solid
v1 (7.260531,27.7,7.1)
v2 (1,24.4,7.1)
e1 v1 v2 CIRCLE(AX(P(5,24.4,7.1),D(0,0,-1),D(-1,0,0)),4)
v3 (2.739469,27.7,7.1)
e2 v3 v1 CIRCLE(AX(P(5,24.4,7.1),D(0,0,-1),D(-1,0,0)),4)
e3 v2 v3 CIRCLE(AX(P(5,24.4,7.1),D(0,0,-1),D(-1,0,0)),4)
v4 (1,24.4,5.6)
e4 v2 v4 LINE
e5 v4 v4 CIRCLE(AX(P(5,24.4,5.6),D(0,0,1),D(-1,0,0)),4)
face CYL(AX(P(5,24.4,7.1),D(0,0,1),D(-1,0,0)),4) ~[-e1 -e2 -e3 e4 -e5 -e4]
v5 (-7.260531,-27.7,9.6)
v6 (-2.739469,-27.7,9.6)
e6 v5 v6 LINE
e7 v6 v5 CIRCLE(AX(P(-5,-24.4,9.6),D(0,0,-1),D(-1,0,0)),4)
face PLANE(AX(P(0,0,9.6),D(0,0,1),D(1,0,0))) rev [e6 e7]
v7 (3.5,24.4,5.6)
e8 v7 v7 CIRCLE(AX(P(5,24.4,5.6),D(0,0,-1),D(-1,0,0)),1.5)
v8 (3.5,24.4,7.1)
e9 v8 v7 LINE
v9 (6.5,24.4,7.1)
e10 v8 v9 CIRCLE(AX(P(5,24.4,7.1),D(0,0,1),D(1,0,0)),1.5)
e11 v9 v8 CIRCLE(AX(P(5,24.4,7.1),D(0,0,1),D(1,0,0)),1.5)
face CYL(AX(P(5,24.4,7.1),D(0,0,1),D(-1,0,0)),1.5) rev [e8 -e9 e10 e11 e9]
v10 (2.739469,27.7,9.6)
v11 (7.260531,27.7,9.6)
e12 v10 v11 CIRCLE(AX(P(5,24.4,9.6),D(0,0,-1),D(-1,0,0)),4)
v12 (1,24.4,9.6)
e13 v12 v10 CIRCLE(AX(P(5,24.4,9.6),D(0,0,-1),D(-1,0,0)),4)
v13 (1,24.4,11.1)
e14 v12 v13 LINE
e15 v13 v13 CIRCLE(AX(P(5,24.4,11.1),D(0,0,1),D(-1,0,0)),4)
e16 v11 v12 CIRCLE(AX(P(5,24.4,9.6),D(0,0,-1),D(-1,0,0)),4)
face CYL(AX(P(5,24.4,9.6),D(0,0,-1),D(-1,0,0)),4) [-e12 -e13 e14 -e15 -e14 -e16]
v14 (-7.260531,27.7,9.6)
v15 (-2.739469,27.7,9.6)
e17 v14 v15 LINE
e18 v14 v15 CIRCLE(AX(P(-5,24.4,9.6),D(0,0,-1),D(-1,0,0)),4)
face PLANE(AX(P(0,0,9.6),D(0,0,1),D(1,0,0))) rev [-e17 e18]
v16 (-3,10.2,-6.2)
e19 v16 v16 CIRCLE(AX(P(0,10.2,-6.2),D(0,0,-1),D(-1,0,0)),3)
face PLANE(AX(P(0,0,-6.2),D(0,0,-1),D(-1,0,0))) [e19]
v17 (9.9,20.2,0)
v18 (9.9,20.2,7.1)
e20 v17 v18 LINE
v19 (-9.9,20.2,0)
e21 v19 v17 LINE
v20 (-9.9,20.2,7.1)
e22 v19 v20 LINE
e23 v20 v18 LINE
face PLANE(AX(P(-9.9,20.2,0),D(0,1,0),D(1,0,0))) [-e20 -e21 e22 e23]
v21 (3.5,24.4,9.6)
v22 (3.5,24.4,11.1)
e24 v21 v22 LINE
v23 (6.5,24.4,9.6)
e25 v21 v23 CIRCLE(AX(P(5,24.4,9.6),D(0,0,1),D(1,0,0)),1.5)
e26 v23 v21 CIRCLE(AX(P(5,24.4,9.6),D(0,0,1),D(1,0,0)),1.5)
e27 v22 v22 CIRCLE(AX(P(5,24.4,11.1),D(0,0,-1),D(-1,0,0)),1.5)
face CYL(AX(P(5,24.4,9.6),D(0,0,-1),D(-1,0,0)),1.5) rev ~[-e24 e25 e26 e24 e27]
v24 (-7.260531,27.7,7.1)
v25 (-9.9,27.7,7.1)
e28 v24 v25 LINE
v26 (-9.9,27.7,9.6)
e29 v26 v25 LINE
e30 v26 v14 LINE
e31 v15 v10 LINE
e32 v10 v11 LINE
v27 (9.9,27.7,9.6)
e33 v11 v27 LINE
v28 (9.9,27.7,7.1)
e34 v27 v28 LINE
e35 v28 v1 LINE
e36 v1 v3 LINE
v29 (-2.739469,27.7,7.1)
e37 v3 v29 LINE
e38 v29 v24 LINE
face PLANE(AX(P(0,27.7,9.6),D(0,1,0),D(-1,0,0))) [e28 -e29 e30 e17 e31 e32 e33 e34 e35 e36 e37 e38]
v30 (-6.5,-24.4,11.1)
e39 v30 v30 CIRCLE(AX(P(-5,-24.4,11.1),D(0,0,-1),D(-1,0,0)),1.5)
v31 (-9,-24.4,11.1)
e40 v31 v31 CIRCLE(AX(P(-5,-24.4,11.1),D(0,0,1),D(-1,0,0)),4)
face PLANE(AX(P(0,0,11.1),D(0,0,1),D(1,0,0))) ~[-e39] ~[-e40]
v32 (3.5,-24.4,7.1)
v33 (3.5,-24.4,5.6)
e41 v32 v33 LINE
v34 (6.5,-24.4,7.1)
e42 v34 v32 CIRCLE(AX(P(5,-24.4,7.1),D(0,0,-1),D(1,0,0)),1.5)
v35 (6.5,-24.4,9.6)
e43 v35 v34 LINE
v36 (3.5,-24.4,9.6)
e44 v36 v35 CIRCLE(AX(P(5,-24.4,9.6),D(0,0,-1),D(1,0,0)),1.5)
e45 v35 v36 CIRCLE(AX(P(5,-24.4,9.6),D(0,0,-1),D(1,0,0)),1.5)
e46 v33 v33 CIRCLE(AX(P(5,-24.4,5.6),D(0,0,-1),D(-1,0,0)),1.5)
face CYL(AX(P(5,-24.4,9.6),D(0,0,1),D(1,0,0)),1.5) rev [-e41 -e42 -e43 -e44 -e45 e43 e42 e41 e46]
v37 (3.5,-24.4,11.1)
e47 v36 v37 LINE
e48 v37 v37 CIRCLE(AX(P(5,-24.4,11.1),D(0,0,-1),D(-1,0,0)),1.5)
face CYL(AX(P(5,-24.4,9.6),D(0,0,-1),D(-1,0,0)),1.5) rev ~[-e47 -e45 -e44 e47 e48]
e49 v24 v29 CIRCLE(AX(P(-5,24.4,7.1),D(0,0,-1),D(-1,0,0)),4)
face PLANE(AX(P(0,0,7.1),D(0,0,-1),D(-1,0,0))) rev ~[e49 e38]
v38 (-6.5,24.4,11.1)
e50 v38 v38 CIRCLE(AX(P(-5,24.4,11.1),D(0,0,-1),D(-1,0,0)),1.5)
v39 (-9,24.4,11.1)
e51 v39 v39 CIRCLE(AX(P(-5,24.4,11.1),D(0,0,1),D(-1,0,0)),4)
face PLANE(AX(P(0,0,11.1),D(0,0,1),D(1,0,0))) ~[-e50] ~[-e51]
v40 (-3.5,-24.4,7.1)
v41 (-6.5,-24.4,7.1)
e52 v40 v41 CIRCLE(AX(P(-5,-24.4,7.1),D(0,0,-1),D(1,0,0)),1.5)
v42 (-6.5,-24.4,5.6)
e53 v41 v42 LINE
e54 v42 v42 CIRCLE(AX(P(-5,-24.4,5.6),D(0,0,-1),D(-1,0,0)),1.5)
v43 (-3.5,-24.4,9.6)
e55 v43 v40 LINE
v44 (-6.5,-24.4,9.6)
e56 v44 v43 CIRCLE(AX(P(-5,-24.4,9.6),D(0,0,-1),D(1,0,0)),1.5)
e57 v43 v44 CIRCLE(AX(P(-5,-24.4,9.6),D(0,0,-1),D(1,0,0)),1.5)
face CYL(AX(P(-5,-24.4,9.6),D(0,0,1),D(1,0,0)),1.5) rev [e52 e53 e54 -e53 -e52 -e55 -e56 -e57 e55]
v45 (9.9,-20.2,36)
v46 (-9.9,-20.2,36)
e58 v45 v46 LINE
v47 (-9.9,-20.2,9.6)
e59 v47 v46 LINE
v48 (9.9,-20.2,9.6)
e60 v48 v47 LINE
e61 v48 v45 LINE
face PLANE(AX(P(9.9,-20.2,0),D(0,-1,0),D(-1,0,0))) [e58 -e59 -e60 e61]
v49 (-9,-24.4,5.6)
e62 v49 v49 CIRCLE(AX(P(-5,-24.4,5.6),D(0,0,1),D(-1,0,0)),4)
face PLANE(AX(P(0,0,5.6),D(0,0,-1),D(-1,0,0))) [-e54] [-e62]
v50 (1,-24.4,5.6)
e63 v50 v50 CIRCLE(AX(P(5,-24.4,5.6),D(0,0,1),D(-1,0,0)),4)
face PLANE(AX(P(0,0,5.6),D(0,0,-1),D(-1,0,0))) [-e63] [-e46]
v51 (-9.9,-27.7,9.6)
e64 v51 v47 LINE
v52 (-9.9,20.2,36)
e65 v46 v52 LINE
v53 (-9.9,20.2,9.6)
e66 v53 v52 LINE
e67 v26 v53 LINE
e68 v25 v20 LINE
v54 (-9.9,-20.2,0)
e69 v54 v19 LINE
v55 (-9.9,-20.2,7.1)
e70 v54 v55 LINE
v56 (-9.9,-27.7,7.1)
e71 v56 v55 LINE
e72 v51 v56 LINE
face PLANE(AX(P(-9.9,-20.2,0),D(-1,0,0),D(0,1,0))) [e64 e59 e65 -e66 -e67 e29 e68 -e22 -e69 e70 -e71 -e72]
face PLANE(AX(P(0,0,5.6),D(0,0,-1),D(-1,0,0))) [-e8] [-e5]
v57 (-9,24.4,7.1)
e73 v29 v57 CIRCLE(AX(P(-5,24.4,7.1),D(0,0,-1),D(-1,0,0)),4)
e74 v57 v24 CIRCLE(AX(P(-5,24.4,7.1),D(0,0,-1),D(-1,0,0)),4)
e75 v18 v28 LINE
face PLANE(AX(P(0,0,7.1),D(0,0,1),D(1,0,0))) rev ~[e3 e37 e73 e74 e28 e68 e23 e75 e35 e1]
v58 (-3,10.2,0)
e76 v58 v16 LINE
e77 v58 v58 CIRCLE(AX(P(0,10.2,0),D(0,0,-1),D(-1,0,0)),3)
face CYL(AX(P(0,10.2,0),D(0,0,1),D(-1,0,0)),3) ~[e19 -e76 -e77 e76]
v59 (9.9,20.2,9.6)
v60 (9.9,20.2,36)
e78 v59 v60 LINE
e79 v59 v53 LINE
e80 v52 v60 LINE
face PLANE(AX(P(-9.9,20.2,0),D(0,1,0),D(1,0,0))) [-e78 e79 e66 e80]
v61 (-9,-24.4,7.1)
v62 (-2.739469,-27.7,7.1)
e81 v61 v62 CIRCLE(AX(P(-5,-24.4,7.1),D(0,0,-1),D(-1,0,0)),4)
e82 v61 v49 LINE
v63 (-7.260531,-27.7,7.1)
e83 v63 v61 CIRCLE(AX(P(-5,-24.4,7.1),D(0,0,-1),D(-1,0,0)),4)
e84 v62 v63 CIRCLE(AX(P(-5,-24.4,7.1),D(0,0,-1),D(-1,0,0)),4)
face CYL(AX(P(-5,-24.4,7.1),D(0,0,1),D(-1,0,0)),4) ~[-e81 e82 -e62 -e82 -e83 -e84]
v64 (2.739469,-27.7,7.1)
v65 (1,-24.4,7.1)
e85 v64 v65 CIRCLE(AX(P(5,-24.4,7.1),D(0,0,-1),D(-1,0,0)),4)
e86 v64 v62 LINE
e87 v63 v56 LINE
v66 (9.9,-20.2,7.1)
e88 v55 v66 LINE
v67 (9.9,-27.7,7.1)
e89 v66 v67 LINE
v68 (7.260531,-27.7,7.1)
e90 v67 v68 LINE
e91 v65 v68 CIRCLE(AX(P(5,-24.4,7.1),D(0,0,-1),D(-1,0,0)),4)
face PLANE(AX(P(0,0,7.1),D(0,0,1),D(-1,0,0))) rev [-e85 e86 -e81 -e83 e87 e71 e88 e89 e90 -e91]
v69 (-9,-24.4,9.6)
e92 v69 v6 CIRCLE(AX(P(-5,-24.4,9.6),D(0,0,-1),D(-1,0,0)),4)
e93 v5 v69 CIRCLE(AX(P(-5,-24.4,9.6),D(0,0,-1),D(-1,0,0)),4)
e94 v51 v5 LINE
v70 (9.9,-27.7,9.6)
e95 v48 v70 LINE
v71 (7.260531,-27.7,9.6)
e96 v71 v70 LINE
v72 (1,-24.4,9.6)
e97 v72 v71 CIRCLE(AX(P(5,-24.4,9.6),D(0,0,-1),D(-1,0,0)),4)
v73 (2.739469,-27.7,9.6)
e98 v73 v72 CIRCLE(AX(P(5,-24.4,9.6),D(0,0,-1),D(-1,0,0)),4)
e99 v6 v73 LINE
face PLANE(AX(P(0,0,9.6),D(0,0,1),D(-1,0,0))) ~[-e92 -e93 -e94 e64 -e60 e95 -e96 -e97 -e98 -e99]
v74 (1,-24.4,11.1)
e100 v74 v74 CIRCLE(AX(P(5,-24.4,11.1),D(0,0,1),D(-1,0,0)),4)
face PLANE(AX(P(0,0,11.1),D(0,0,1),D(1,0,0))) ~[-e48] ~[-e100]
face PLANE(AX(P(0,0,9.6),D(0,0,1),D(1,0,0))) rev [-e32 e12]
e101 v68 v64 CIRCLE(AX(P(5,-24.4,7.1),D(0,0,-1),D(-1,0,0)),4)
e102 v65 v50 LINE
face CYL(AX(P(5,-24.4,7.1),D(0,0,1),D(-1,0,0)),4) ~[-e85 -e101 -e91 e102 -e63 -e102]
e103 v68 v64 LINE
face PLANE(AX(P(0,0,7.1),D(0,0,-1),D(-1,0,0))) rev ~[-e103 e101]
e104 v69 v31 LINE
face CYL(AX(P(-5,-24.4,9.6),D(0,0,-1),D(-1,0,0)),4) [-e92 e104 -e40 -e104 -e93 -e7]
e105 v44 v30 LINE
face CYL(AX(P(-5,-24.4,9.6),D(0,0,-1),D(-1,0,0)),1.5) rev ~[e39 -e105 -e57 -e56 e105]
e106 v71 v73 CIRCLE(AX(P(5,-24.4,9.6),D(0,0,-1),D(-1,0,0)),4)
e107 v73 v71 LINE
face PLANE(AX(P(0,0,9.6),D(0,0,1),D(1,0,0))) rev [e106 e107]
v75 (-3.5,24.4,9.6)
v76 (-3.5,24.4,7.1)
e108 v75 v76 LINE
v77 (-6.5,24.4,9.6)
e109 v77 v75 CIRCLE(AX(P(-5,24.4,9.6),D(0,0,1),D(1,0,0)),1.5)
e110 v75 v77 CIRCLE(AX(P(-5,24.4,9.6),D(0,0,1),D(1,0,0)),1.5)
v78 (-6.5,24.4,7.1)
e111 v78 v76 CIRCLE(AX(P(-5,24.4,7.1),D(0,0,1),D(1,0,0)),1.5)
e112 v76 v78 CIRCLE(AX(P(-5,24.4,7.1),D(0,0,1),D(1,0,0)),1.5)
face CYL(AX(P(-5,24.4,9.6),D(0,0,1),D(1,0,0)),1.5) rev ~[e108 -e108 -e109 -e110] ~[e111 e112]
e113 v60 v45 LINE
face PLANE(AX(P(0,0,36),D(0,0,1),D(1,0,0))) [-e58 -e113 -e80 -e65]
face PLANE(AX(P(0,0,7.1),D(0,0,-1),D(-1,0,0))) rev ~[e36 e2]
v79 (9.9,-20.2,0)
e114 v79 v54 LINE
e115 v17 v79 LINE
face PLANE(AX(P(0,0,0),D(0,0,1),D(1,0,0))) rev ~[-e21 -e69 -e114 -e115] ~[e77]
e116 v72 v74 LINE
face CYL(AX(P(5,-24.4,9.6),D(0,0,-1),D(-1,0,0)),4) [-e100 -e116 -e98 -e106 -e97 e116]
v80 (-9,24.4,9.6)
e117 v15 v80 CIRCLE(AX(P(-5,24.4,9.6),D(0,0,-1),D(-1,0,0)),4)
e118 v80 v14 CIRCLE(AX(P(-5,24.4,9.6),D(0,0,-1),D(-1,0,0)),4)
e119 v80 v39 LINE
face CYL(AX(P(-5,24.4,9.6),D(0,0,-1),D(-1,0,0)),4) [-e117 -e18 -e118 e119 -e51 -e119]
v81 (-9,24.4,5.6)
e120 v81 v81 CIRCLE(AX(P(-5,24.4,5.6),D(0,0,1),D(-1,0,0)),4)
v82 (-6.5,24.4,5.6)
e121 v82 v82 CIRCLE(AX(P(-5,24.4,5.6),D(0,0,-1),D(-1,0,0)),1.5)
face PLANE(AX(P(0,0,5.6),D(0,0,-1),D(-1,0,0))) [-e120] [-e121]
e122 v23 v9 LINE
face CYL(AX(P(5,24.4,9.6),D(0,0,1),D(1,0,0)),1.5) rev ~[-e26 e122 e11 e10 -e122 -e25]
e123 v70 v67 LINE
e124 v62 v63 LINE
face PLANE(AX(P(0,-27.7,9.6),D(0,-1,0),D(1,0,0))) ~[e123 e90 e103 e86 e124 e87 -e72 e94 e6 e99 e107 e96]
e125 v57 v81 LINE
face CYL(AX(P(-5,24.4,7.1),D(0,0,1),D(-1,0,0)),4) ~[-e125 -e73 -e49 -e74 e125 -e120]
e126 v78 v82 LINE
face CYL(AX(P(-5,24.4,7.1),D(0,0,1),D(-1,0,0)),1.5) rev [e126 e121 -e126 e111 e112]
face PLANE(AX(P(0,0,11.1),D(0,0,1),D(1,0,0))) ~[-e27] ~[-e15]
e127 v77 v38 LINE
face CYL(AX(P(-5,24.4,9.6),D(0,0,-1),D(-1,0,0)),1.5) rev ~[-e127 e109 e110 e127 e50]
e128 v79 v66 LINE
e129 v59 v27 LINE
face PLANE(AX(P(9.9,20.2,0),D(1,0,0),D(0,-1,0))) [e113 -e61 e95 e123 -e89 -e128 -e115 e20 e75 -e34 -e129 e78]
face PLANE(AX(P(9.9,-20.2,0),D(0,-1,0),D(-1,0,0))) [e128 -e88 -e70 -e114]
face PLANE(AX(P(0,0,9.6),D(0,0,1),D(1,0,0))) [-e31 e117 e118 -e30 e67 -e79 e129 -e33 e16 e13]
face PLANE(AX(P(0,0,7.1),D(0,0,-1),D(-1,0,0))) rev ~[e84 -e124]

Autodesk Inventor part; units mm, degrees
sketch "スケッチ1" plane through (0, 0, 0) normal (0, 0, 1) x (1, 0, 0)
  line L0 (9.9, -20.2) -> (-9.9, -20.2)
  line L1 (-9.9, -20.2) -> (-9.9, 20.2)
  line L2 (-9.9, 20.2) -> (9.9, 20.2)
  line L3 (9.9, 20.2) -> (9.9, -20.2)
  line L4 (9.9, -20.2) -> (-9.9, 20.2) construction
  line L5 (-9.9, -20.2) -> (9.9, 20.2) construction
  circle A0 centre (-10.932, 25.3443) radius 2.25
  point P0 (0, 0)
  dimension "d0" = 4.5
  dimension "d1" = 40.4
  dimension "d2" = 19.8
extrude "押し出し1" add sketch "スケッチ1" along normal blind 36 contours L0 L1 L2 L3
sketch "スケッチ2" plane through (0, 0, 0) normal (0, 0, -1) x (-1, 0, 0)
  circle A0 centre (0, 10.2) radius 3
  line L0 (9.9, 20.2) -> (-9.9, 20.2) projected
  point P0 (0, 0)
  dimension "d5" = 6
  dimension "d6" = 10
extrude "押し出し2" add sketch "スケッチ2" along normal blind 6.2
ref_plane "作業平面1" through (0, 0, 9.6) normal (0, 0, 1) x (1, 0, 0)
sketch "スケッチ4" plane through (0, 0, 9.6) normal (0, 0, 1) x (1, 0, 0)
  line L0 (-9.9, -20.2) -> (9.9, -20.2) projected
  line L1 (9.9, -20.2) -> (9.9, 20.2) projected
  line L2 (9.9, 20.2) -> (-9.9, 20.2) projected
  line L3 (-9.9, 20.2) -> (-9.9, -20.2) projected
  line L4 (-9.9, 20.2) -> (9.9, 20.2)
  line L5 (9.9, 20.2) -> (9.9, 27.7)
  line L6 (9.9, 27.7) -> (-9.9, 27.7)
  line L7 (-9.9, 27.7) -> (-9.9, 20.2)
  line L8 (-9.9, -20.2) -> (9.9, -20.2)
  line L9 (9.9, -20.2) -> (9.9, -27.7)
  line L10 (9.9, -27.7) -> (-9.9, -27.7)
  line L11 (-9.9, -27.7) -> (-9.9, -20.2)
  circle A0 centre (-5, 24.4) radius 1.5
  circle A1 centre (5, 24.4) radius 1.5
  line L12 (0, 27.7) -> (0, 20.2)
  point P0 (0, 0)
  dimension "d10" = 7.5
  dimension "d11" = 7.5
  dimension "d12" = 3
  dimension "d13" = 4.2
  dimension "d15" = 10
  dimension "d16" = 5
  dimension "d17" = 4.2
extrude "押し出し3" add sketch "スケッチ4" against normal blind 2.5 contours L7 L6 L12 L2 | L2 L12 L6 L5
ref_plane "作業平面2" through (-9.9, 0, 36) normal (0, 1, 0) x (1, 0, 0)
mirror "ミラー1" about plane through (-9.9, 0, 36) normal (0, 1, 0) of "押し出し3"
sketch "スケッチ5" plane through (0, 0, 7.1) normal (0, 0, -1) x (-1, 0, 0)
  circle A0 centre (5, 24.4) radius 1.5 projected
  circle A1 centre (-5, 24.4) radius 1.5 projected
  line L0 (9.9, 20.2) -> (-9.9, 20.2) projected
  line L1 (9.9, 20.2) -> (9.9, 27.7) projected
  line L2 (9.9, 27.7) -> (-9.9, 27.7) projected
  line L3 (-9.9, 27.7) -> (-9.9, 20.2) projected
  circle A2 centre (5, -24.4) radius 1.5 projected
  circle A3 centre (-5, -24.4) radius 1.5 projected
  line L4 (-9.9, -20.2) -> (9.9, -20.2) projected
  line L5 (-9.9, -27.7) -> (-9.9, -20.2) projected
  line L6 (9.9, -27.7) -> (-9.9, -27.7) projected
  line L7 (9.9, -20.2) -> (9.9, -27.7) projected
  circle A4 centre (-5, 24.4) radius 4
  circle A5 centre (5, 24.4) radius 4
  circle A6 centre (-5, -24.4) radius 4
  circle A7 centre (5, -24.4) radius 4
  point P0 (0, 0)
  dimension "d20" = 8
  dimension "d21" = 8
  dimension "d22" = 8
  dimension "d23" = 8
extrude "押し出し4" add sketch "スケッチ5" along normal blind 1.5 contours A5 L2 | L2 A5 | A4 L2 | L2 A4 | A6 L6 | L6 A6 | A7 L6 | L6 A7
ref_plane "作業平面3" through (0, 0, 8.35) normal (0, 0, -1) x (-1, 0, 0)
mirror "ミラー2" about plane through (0, 0, 8.35) normal (0, 0, -1) of "押し出し4"
ref_plane "作業平面4" through (0, -20.2, 0) normal (-1, 0, 0) x (0, 0, 1)
equation "\"d16\" = 0.5 * d15"
equation "\"d17\" = d13"
